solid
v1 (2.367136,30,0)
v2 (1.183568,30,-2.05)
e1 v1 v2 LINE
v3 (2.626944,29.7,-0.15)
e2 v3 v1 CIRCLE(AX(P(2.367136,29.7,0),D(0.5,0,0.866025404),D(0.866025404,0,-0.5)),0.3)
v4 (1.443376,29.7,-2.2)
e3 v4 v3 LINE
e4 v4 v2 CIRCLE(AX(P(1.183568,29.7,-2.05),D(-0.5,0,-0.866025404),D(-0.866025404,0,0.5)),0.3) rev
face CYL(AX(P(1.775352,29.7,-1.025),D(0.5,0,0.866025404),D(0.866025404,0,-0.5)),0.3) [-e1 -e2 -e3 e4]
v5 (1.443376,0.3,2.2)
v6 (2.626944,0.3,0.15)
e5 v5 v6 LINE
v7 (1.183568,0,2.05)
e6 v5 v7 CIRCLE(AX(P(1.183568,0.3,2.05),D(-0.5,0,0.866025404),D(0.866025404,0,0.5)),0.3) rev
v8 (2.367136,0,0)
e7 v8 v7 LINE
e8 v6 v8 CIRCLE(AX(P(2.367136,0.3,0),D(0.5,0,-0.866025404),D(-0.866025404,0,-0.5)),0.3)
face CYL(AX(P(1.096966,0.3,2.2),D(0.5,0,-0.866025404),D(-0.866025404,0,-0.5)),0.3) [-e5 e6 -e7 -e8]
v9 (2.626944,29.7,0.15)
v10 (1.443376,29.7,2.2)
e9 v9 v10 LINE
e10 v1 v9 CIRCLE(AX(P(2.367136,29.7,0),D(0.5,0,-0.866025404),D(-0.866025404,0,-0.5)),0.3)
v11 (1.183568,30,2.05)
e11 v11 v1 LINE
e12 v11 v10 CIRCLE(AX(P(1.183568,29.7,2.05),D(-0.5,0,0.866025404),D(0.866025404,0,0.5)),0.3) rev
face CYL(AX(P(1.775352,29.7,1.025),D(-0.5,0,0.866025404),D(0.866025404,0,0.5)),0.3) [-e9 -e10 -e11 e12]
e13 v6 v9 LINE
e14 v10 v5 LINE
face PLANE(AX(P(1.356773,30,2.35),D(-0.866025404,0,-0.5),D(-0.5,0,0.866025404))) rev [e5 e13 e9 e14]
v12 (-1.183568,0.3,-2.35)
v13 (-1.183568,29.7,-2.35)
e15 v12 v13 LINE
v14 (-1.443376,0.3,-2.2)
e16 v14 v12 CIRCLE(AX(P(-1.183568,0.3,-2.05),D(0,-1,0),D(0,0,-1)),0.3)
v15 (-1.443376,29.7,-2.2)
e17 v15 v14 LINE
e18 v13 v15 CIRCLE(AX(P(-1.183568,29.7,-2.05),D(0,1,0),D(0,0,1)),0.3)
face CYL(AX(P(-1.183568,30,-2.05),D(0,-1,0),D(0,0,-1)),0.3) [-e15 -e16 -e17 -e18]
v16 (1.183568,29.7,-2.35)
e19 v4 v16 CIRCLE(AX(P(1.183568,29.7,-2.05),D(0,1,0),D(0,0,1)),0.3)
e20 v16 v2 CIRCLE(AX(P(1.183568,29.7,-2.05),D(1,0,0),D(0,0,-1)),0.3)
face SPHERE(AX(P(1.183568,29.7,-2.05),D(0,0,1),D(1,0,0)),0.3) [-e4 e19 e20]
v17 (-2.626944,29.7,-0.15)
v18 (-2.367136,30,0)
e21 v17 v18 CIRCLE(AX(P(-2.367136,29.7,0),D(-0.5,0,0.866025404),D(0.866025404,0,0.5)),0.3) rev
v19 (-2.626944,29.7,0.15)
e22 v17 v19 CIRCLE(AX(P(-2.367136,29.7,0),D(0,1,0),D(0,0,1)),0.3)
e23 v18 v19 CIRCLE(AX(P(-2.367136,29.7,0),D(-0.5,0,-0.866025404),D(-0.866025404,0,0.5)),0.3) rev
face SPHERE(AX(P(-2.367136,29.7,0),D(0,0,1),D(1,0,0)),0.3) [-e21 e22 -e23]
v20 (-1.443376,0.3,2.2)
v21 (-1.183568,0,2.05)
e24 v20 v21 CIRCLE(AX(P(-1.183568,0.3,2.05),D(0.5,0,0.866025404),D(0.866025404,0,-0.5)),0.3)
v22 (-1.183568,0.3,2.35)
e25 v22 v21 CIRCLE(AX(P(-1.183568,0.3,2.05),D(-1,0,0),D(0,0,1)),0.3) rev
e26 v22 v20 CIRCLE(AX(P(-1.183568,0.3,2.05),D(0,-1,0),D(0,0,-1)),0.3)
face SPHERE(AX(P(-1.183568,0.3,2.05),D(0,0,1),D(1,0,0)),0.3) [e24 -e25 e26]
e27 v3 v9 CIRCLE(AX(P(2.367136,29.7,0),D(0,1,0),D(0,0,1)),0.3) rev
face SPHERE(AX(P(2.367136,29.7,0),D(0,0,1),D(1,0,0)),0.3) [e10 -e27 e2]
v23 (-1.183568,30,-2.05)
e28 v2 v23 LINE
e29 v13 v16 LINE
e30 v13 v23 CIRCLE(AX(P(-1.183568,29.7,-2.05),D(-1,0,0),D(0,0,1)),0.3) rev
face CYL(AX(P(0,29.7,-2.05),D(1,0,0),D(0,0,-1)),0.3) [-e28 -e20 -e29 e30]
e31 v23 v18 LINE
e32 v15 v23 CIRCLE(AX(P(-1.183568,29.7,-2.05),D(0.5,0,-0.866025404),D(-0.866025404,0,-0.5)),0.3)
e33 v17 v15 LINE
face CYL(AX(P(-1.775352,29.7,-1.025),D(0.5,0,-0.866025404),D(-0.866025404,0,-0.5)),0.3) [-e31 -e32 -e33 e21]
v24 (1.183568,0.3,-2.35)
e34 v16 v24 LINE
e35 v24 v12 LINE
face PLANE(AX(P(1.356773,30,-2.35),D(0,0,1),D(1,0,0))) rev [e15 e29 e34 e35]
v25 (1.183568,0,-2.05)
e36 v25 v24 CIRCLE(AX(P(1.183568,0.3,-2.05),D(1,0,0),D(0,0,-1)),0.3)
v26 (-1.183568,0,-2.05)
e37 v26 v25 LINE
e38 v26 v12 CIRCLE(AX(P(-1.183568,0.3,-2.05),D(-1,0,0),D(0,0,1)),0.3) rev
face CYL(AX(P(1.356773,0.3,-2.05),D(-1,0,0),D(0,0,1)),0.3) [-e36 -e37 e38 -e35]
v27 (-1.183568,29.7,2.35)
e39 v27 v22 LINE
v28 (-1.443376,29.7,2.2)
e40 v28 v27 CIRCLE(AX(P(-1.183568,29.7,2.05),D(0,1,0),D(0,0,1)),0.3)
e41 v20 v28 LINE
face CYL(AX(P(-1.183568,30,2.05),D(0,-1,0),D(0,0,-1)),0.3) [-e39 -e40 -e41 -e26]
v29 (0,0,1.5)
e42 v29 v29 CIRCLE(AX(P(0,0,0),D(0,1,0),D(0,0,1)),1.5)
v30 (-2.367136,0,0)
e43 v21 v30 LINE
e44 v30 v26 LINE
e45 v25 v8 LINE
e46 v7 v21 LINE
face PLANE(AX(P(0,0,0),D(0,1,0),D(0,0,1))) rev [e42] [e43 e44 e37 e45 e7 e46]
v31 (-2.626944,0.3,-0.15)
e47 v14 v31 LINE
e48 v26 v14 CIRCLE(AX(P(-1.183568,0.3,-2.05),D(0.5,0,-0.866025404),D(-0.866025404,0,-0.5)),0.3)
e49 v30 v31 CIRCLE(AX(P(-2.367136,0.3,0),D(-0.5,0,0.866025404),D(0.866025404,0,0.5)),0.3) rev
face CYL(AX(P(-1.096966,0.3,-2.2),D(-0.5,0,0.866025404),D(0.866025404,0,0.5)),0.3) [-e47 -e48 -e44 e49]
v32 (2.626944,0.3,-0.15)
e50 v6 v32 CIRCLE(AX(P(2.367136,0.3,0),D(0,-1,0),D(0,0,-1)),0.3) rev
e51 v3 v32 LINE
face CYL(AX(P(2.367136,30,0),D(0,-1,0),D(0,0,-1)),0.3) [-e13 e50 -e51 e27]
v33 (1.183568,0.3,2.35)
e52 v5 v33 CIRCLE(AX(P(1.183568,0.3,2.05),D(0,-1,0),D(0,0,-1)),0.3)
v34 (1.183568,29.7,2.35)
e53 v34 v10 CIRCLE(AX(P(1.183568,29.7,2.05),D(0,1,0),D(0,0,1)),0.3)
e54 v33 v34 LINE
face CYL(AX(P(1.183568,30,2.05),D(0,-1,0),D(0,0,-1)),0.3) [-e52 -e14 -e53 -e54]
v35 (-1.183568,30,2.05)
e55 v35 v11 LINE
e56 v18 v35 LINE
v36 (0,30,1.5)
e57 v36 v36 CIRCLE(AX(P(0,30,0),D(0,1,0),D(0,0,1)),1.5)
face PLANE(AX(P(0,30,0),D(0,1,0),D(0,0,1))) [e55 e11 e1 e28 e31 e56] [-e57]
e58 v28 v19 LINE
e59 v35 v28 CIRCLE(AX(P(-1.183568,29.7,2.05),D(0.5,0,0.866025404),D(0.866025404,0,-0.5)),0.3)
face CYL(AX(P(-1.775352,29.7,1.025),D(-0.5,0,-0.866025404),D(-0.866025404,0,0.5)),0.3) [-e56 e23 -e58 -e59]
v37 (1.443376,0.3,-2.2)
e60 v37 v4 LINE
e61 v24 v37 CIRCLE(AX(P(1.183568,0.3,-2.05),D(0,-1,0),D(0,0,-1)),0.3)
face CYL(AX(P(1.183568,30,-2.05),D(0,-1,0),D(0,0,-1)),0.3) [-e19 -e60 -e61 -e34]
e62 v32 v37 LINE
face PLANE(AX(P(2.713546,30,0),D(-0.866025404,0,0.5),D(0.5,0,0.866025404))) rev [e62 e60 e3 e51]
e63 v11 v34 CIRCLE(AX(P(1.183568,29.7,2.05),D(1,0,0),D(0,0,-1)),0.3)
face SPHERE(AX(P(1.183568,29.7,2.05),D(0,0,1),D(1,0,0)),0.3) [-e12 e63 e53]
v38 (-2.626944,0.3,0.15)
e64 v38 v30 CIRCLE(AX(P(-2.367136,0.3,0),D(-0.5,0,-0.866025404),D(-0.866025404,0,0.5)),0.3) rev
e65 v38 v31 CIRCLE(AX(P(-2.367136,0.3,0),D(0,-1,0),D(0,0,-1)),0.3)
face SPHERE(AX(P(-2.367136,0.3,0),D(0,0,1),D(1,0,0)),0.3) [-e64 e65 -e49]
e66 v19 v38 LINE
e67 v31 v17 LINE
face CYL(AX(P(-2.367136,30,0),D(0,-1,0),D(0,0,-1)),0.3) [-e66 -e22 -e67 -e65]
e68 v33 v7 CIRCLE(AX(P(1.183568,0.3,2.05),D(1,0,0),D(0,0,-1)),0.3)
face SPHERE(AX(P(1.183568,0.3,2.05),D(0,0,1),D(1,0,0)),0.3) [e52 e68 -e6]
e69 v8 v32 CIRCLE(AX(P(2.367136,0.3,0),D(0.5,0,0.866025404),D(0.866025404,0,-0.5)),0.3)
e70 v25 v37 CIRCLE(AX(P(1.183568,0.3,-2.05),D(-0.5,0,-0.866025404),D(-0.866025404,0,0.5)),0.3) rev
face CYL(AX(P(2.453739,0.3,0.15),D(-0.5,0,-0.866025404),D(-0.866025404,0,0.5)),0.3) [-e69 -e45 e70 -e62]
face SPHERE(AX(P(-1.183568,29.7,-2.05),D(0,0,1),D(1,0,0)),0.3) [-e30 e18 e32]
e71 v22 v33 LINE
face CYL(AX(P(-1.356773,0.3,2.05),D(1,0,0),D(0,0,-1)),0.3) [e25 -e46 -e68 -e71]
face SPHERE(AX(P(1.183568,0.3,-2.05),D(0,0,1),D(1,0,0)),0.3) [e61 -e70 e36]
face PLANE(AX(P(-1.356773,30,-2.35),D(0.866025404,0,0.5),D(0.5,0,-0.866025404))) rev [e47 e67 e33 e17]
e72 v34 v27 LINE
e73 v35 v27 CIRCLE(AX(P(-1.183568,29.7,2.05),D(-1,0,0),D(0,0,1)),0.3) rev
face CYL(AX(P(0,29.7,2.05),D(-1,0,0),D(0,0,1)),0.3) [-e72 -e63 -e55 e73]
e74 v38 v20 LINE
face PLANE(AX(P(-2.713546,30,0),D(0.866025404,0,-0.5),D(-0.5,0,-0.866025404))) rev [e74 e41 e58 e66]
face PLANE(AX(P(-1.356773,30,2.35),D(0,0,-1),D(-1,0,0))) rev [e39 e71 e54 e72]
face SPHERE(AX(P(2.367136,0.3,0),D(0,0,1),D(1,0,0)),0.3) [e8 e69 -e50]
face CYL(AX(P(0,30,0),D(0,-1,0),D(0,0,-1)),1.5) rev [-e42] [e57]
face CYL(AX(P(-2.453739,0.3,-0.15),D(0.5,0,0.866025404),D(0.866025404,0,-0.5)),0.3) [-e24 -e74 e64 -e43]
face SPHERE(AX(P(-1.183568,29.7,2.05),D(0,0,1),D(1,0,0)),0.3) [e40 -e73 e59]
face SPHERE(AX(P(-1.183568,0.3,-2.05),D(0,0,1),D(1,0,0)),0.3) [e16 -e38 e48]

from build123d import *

# Parameters (mm, degrees)
SKETCH_1_R      = 1.5
EXTRUDE_1_DEPTH = 30
FILLET_1_R      = 0.3


with BuildPart() as part:
    # 草图1 → 凸台-拉伸1 (new body)
    with BuildSketch(Plane(origin=(0, 0, 0), x_dir=(1, 0, 0), z_dir=(0, 1, 0))):
        Polygon((2.713546265, 0), (1.356773133, 2.35), (-1.356773133, 2.35), (-2.713546265, 0), (-1.356773133, -2.35), (1.356773133, -2.35), align=None)
        with Locations(Location((0, 0, 0), (0, 0, 270))):
            Circle(SKETCH_1_R, mode=Mode.SUBTRACT)
    extrude(amount=EXTRUDE_1_DEPTH)

    # 圆角1
    fillet_1_edges = [part.edges().sort_by_distance(p)[0] for p in [
        (0, 30, -2.35),
        (1.356773133, 15, 2.35),
        (-1.356773133, 15, 2.35),
        (-2.713546265, 15, 0),
        (-1.356773133, 15, -2.35),
        (1.356773133, 15, -2.35),
        (2.713546265, 15, 0),
        (-2.035159699, 30, -1.175),
        (-2.035159699, 30, 1.175),
        (0, 30, 2.35),
        (2.035159699, 30, 1.175),
        (0, 0, 2.35),
        (-2.035159699, 0, 1.175),
        (-2.035159699, 0, -1.175),
        (2.035159699, 30, -1.175),
        (0, 0, -2.35),
        (2.035159699, 0, -1.175),
        (2.035159699, 0, 1.175),
    ]]
    fillet(fillet_1_edges, radius=FILLET_1_R)


solid = part.part
